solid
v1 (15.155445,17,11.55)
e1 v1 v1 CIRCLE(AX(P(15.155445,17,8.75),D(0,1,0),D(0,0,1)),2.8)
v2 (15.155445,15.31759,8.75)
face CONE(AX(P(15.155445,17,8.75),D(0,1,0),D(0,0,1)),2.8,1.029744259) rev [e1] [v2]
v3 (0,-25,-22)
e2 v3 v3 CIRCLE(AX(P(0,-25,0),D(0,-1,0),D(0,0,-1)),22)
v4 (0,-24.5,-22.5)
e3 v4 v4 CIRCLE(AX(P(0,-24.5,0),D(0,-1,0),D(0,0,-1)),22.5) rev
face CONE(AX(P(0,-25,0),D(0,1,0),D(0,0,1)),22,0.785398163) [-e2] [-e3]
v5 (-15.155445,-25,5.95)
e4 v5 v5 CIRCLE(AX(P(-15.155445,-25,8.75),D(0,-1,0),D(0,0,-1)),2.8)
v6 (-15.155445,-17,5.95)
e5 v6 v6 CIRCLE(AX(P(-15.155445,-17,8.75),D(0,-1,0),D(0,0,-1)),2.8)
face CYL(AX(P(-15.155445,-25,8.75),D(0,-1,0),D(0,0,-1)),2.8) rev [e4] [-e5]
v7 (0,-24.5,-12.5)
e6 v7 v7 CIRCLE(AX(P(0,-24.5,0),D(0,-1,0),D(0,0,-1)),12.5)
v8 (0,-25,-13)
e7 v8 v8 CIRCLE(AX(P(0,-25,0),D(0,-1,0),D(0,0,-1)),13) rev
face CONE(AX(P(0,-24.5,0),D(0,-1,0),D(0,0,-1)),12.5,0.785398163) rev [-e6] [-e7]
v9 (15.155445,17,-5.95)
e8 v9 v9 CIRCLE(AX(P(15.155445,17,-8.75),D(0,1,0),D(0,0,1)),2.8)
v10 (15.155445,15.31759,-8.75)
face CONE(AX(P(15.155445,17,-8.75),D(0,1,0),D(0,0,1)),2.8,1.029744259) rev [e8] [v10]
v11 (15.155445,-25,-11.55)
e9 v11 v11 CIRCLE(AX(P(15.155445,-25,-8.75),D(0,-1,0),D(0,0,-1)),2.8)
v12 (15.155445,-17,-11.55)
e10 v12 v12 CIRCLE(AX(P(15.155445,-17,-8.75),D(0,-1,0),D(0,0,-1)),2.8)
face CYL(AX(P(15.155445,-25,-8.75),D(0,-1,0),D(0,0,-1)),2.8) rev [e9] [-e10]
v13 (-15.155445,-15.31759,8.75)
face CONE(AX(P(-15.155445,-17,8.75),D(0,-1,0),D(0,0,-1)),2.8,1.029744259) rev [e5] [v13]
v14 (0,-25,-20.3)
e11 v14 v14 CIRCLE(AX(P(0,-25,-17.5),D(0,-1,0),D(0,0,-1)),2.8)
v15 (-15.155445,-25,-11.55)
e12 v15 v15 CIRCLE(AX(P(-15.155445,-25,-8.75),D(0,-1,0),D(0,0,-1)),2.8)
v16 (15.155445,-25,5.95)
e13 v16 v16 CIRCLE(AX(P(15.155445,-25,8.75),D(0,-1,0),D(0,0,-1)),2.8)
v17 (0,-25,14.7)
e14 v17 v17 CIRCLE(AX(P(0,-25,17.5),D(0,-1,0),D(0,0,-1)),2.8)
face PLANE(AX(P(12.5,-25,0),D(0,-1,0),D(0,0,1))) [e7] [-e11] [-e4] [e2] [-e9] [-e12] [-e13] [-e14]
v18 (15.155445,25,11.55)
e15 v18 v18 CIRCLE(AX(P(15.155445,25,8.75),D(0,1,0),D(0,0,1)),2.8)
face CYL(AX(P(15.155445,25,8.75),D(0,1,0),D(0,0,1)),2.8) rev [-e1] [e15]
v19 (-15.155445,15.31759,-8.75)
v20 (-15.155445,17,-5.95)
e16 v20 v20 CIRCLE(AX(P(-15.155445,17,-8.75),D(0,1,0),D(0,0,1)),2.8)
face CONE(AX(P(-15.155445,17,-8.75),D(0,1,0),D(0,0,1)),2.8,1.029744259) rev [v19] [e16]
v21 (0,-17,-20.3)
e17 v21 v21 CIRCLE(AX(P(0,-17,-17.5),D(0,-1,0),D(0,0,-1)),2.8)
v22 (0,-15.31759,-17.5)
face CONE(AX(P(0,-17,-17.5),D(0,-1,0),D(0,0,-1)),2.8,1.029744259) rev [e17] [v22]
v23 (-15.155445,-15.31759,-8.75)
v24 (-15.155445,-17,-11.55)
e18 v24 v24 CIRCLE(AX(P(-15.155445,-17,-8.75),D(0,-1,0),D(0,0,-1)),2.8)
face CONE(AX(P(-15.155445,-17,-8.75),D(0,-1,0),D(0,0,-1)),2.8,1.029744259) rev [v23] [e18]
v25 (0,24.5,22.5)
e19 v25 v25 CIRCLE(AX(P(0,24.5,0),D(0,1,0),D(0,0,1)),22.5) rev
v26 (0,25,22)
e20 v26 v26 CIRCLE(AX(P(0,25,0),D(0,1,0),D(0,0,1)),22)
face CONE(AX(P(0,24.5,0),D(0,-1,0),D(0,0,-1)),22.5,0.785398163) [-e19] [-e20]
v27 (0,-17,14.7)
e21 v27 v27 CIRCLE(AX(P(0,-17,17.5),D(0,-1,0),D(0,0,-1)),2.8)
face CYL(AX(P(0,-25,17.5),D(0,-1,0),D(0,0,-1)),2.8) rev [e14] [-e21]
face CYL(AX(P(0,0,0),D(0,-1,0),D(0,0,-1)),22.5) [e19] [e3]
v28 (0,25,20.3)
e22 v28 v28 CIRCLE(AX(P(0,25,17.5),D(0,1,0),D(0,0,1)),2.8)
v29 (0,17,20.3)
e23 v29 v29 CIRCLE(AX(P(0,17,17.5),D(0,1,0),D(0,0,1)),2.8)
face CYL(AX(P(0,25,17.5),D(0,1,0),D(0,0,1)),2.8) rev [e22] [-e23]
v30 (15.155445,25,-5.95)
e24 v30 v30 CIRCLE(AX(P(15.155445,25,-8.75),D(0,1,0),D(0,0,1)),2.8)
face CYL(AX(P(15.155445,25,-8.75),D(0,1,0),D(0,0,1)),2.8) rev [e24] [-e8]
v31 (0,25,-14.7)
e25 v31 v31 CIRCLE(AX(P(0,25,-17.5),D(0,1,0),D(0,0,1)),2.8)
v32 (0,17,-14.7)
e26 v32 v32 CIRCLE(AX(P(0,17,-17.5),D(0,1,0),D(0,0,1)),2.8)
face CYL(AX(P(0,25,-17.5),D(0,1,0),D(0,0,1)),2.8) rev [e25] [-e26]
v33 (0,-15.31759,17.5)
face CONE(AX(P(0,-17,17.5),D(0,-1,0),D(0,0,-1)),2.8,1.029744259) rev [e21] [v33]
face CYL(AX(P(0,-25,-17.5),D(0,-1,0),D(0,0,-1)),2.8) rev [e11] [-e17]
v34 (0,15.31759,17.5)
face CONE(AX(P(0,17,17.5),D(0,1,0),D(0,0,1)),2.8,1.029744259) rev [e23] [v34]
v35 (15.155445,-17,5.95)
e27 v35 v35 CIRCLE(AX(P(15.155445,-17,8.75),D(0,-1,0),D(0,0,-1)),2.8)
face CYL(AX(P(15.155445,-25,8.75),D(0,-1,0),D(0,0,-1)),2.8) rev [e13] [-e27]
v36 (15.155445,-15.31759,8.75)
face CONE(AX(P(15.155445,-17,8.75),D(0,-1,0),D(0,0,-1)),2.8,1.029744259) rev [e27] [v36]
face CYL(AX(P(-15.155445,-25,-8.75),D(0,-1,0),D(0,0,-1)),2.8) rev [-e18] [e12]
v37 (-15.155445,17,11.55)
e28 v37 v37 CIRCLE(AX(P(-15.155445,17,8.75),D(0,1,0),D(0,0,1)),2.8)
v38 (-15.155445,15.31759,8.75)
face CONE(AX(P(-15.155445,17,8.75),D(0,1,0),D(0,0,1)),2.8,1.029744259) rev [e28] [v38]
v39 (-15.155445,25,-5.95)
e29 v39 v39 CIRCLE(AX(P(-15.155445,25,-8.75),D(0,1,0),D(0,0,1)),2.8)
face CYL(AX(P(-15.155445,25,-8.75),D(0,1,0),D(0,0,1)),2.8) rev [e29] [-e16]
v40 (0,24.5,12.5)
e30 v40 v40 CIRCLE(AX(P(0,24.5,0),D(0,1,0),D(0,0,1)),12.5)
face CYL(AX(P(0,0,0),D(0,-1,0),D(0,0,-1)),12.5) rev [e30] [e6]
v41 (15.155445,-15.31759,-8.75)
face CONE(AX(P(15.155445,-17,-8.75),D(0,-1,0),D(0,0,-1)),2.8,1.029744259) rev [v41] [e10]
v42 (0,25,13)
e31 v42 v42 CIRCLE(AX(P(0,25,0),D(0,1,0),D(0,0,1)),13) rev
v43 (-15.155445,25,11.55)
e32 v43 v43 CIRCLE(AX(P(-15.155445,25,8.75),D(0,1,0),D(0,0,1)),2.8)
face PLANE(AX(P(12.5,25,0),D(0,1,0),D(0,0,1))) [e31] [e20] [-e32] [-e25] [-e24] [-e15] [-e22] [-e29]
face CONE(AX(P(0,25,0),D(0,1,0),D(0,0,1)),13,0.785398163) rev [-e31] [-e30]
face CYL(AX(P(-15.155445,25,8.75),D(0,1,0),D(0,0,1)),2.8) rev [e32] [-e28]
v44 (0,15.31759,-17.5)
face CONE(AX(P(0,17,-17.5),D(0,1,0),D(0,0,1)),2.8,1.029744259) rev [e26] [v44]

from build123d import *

# Parameters (mm, degrees)
SKETCH2_W                           = 10
SKETCH2_H                           = 25
F_5_6_5_6_DIAMETER_HOLE1_AT_2_COUNT = 2
F_5_6_5_6_DIAMETER_HOLE1_AT_2_PITCH = 17.5
F_5_6_5_6_DIAMETER_HOLE1_AT_3_COUNT = 2
F_5_6_5_6_DIAMETER_HOLE1_AT_3_PITCH = 30.310889132
F_5_6_5_6_DIAMETER_HOLE1_AT_4_COUNT = 2
F_5_6_5_6_DIAMETER_HOLE1_AT_4_PITCH = 35
F_5_6_5_6_DIAMETER_HOLE1_AT_5_COUNT = 2
F_5_6_5_6_DIAMETER_HOLE1_AT_5_PITCH = 30.310889132
F_5_6_5_6_DIAMETER_HOLE1_AT_6_COUNT = 2
F_5_6_5_6_DIAMETER_HOLE1_AT_6_PITCH = 17.5
F_0_5MM_CHAMFER1_SIZE               = 0.5


with BuildPart() as part:
    # Sketch2 → Revolve1 (revolve)
    with BuildSketch(Plane.XY, mode=Mode.PRIVATE) as revolve1_sk:
        with Locations((17.5, 12.5)):
            Rectangle(SKETCH2_W, SKETCH2_H)
    revolve1 = revolve(revolve1_sk.sketch.rotate(Axis((0, 0, 0), (0, 1, 0)), 90), axis=Axis((0, 0, 0), (0, 1, 0)))

    # Sketch5 → Ø5.6 (5.6) Diameter Hole1 (revolve, cut)
    with BuildSketch(Plane(origin=(15.155444566, 25, 8.75), x_dir=(0, 0, 1), z_dir=(1, 0, 0))):
        Polygon((0, 0), (0, 9.682409733), (2.8, 8), (2.8, 0), align=None)
    f_5_6_5_6_diameter_hole1 = revolve(axis=Axis((15.155444566, 31.35, 8.75), (0, -1, 0)), mode=Mode.SUBTRACT)

    # Ø5.6 (5.6) Diameter Hole1 at 2: Ø5.6 (5.6) Diameter Hole1 ×2
    with Locations(*[Vector(-0.8660254037844417, 0, 0.49999999999999495) * (i * F_5_6_5_6_DIAMETER_HOLE1_AT_2_PITCH) for i in range(1, F_5_6_5_6_DIAMETER_HOLE1_AT_2_COUNT)]):
        add(f_5_6_5_6_diameter_hole1, mode=Mode.SUBTRACT)

    # Ø5.6 (5.6) Diameter Hole1 at 3: Ø5.6 (5.6) Diameter Hole1 ×2
    with Locations(*[(-i * F_5_6_5_6_DIAMETER_HOLE1_AT_3_PITCH, 0, 0) for i in range(1, F_5_6_5_6_DIAMETER_HOLE1_AT_3_COUNT)]):
        add(f_5_6_5_6_diameter_hole1, mode=Mode.SUBTRACT)

    # Ø5.6 (5.6) Diameter Hole1 at 4: Ø5.6 (5.6) Diameter Hole1 ×2
    with Locations(*[Vector(-0.8660254037844346, 0, -0.5000000000000072) * (i * F_5_6_5_6_DIAMETER_HOLE1_AT_4_PITCH) for i in range(1, F_5_6_5_6_DIAMETER_HOLE1_AT_4_COUNT)]):
        add(f_5_6_5_6_diameter_hole1, mode=Mode.SUBTRACT)

    # Ø5.6 (5.6) Diameter Hole1 at 5: Ø5.6 (5.6) Diameter Hole1 ×2
    with Locations(*[Vector(-0.49999999999999195, 0, -0.8660254037844433) * (i * F_5_6_5_6_DIAMETER_HOLE1_AT_5_PITCH) for i in range(1, F_5_6_5_6_DIAMETER_HOLE1_AT_5_COUNT)]):
        add(f_5_6_5_6_diameter_hole1, mode=Mode.SUBTRACT)

    # Ø5.6 (5.6) Diameter Hole1 at 6: Ø5.6 (5.6) Diameter Hole1 ×2
    with Locations(*[(0, 0, -i * F_5_6_5_6_DIAMETER_HOLE1_AT_6_PITCH) for i in range(1, F_5_6_5_6_DIAMETER_HOLE1_AT_6_COUNT)]):
        add(f_5_6_5_6_diameter_hole1, mode=Mode.SUBTRACT)

    # Mirror1: Revolve1, Ø5.6 (5.6) Diameter Hole1 across plane
    add(revolve1.mirror(Plane.ZX))
    add(f_5_6_5_6_diameter_hole1.mirror(Plane.ZX), mode=Mode.SUBTRACT)

    # Mirror1 copy 1 sketch → Mirror1 copy 1 (revolve, cut)
    with BuildSketch(Plane(origin=(0, -25, 17.5), x_dir=(0, 0, 1), z_dir=(1, 0, 0))):
        Polygon((0, 0), (0, -9.682409733), (2.8, -8), (2.8, 0), align=None)
    revolve(axis=Axis((0, -31.35, 17.5), (0, -1, 0)), mode=Mode.SUBTRACT)

    # Mirror1 copy 2 sketch → Mirror1 copy 2 (revolve, cut)
    with BuildSketch(Plane(origin=(-15.155444566, -25, 8.75), x_dir=(0, 0, 1), z_dir=(1, 0, 0))):
        Polygon((0, 0), (0, -9.682409733), (2.8, -8), (2.8, 0), align=None)
    revolve(axis=Axis((-15.155444566, -31.35, 8.75), (0, -1, 0)), mode=Mode.SUBTRACT)

    # Mirror1 copy 3 sketch → Mirror1 copy 3 (revolve, cut)
    with BuildSketch(Plane(origin=(-15.155444566, -25, -8.75), x_dir=(0, 0, 1), z_dir=(1, 0, 0))):
        Polygon((0, 0), (0, -9.682409733), (2.8, -8), (2.8, 0), align=None)
    revolve(axis=Axis((-15.155444566, -31.35, -8.75), (0, -1, 0)), mode=Mode.SUBTRACT)

    # Mirror1 copy 4 sketch → Mirror1 copy 4 (revolve, cut)
    with BuildSketch(Plane(origin=(0, -25, -17.5), x_dir=(0, 0, 1), z_dir=(1, 0, 0))):
        Polygon((0, 0), (0, -9.682409733), (2.8, -8), (2.8, 0), align=None)
    revolve(axis=Axis((0, -31.35, -17.5), (0, -1, 0)), mode=Mode.SUBTRACT)

    # Mirror1 copy 5 sketch → Mirror1 copy 5 (revolve, cut)
    with BuildSketch(Plane(origin=(15.155444566, -25, -8.75), x_dir=(0, 0, 1), z_dir=(1, 0, 0))):
        Polygon((0, 0), (0, -9.682409733), (2.8, -8), (2.8, 0), align=None)
    revolve(axis=Axis((15.155444566, -31.35, -8.75), (0, -1, 0)), mode=Mode.SUBTRACT)

    # 0,5mm Chamfer1
    f_0_5mm_chamfer1_edges = [part.edges().sort_by_distance(p)[0] for p in [
        (0, -25, 12.5),
        (0, -25, 22.5),
        (0, 25, 22.5),
        (0, 25, 12.5),
    ]]
    chamfer(f_0_5mm_chamfer1_edges, length=F_0_5MM_CHAMFER1_SIZE)


solid = part.part
